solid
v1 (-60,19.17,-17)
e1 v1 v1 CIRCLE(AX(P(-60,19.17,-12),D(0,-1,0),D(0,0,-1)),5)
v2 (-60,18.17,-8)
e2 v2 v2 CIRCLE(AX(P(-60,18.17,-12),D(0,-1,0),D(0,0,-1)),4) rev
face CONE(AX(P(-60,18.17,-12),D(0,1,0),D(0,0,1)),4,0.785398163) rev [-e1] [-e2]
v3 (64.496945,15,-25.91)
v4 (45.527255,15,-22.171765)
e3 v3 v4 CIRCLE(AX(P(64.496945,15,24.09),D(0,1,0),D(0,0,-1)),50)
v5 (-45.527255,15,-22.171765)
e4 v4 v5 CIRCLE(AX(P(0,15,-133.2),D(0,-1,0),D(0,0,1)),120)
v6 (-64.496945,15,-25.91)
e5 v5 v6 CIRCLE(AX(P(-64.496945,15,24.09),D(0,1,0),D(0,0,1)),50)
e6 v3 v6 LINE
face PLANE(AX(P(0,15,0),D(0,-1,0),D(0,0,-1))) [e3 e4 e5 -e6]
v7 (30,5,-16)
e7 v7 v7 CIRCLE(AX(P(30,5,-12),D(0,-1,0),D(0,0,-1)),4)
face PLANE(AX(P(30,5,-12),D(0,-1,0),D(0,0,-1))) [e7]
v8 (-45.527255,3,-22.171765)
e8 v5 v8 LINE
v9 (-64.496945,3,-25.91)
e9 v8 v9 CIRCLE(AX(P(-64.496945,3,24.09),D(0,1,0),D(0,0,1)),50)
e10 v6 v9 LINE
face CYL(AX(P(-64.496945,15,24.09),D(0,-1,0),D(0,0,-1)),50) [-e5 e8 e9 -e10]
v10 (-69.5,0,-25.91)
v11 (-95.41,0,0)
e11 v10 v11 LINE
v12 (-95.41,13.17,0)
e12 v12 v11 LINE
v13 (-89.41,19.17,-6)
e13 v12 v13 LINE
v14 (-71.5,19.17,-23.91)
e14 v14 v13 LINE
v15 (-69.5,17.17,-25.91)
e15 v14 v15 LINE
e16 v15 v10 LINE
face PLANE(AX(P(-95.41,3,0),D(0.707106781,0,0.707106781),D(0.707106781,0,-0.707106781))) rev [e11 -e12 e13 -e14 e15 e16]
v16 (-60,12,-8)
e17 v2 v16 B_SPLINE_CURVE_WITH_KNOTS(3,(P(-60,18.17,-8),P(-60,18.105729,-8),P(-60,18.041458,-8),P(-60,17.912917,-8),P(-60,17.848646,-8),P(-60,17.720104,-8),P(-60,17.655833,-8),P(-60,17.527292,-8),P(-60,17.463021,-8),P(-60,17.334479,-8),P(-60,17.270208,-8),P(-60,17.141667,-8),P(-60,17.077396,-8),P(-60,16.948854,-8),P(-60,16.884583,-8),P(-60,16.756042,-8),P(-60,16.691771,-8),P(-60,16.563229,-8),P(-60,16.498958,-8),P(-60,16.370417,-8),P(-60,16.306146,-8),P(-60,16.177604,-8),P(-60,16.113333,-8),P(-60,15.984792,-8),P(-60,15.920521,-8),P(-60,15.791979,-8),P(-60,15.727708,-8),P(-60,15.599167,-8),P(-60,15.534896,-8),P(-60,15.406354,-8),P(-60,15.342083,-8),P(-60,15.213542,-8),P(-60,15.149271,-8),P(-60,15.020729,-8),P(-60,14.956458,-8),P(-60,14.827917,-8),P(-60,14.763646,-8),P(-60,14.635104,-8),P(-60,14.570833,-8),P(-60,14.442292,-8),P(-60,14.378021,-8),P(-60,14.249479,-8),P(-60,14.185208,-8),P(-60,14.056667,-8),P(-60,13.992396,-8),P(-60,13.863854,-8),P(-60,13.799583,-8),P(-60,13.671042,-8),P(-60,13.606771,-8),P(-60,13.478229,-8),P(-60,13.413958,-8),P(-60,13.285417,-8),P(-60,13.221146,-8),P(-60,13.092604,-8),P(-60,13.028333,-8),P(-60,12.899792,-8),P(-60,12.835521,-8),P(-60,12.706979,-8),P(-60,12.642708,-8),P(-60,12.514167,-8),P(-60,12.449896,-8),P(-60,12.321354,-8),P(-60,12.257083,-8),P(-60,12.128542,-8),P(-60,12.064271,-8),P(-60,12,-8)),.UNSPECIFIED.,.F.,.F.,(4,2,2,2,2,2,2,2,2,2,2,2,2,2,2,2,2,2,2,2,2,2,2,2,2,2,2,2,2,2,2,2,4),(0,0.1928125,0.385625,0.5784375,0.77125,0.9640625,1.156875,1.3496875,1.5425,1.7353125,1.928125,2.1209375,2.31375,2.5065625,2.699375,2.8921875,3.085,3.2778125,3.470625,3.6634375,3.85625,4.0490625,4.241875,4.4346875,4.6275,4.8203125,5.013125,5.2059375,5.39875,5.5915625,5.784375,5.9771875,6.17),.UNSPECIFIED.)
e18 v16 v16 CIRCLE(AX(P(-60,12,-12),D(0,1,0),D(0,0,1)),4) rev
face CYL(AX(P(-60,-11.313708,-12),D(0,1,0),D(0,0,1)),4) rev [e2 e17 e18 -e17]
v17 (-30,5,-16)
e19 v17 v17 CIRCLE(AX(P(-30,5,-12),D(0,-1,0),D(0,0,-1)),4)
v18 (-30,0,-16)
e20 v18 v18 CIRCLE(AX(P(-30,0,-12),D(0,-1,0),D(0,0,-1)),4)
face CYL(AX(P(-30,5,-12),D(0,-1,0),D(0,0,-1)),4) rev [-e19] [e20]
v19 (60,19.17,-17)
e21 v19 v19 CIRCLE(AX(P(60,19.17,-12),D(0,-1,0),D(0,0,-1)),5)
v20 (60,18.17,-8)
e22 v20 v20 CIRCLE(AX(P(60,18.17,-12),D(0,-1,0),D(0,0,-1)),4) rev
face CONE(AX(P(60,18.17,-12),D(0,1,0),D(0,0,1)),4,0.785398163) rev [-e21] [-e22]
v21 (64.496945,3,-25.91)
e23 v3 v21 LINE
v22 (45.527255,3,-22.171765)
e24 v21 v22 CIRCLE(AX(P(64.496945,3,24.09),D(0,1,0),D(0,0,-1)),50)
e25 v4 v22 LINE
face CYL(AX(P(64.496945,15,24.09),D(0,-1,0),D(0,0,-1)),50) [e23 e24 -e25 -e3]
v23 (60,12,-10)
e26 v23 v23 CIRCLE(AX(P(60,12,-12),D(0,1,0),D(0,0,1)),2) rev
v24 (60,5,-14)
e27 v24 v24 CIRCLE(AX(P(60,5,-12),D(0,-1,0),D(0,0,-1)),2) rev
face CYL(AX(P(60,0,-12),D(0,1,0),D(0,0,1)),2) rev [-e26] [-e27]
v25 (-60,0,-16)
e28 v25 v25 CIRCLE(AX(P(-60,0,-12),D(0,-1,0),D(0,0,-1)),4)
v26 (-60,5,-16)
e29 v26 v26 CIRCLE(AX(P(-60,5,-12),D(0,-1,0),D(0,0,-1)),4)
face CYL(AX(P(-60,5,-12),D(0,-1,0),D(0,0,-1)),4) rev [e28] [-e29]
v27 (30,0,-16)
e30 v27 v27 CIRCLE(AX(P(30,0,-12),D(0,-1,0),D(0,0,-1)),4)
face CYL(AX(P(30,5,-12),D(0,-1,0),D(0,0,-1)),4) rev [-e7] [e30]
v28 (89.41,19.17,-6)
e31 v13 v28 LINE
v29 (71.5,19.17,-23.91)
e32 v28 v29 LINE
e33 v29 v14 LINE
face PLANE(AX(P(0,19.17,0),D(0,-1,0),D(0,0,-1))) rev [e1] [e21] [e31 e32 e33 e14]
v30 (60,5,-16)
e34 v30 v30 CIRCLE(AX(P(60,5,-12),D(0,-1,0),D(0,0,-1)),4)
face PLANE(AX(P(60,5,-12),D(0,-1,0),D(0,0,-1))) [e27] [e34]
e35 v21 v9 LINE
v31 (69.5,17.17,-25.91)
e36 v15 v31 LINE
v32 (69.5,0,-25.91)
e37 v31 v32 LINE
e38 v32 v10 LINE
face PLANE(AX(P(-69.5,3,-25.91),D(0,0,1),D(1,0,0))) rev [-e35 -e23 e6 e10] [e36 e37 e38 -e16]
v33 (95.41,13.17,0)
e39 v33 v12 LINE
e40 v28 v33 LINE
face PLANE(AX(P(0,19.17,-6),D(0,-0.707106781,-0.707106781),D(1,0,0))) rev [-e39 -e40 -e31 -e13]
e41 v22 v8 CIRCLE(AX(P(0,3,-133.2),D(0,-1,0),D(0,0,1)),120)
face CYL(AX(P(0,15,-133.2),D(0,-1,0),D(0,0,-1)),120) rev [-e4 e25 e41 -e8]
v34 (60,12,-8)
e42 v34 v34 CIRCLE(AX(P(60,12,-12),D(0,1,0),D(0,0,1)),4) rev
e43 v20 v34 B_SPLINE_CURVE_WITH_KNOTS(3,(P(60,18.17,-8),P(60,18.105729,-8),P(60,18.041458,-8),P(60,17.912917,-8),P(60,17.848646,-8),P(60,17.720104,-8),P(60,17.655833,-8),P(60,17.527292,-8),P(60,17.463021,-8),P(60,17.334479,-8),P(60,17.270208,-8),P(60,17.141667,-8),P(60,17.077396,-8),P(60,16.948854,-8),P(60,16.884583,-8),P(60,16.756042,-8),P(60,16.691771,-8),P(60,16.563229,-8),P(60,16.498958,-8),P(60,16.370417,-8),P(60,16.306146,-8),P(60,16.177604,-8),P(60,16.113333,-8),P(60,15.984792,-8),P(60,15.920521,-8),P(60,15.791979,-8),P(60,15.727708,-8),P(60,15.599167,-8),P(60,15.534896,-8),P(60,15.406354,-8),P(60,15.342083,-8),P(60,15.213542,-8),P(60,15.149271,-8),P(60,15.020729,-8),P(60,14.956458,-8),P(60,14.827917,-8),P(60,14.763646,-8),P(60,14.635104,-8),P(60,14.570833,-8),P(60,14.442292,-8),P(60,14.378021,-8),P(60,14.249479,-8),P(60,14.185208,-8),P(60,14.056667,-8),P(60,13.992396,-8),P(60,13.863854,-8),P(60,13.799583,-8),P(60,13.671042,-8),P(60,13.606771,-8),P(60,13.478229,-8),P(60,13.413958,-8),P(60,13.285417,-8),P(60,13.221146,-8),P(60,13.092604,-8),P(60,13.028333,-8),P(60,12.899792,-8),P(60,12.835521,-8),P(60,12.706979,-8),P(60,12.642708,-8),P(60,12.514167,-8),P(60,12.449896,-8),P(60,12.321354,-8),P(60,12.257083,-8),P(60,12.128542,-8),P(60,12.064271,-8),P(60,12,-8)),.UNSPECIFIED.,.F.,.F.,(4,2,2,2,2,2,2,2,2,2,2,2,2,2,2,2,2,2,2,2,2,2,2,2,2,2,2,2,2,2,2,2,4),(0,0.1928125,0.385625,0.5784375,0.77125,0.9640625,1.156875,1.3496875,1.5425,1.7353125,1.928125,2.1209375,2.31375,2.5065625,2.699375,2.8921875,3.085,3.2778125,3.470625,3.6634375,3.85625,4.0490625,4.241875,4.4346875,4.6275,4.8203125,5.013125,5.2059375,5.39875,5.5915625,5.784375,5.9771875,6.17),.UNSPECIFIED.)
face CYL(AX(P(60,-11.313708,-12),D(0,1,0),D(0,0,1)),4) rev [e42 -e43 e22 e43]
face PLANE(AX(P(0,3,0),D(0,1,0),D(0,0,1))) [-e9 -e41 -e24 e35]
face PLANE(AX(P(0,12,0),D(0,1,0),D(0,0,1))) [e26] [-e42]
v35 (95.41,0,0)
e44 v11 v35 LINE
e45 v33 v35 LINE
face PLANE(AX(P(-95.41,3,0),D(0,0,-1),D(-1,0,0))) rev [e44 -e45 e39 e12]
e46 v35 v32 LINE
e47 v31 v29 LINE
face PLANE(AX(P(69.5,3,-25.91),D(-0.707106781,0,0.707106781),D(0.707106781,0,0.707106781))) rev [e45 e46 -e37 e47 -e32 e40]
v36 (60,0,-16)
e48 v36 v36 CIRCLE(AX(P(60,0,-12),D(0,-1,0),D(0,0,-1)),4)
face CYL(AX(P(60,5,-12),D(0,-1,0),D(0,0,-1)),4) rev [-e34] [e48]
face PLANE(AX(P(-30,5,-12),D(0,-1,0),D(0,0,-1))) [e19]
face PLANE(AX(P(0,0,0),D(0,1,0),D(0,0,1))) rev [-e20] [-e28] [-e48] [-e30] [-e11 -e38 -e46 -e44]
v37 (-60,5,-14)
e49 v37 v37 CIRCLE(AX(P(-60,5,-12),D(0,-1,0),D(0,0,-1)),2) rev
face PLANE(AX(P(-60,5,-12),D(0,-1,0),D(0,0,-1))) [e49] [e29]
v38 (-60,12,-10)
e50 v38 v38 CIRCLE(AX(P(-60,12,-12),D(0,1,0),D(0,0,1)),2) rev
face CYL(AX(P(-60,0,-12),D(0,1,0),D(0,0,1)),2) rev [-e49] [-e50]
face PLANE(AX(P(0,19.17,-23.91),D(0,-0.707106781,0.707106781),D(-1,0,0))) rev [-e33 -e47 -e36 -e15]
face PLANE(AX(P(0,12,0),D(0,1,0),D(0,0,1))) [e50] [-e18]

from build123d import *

# Parameters (mm, degrees)
BOSS_EXTRUDE1_DEPTH     = 3
BOSS_EXTRUDE2_DEPTH     = 12
BOSS_EXTRUDE3_DEPTH     = 4.17
CUT_EXTRUDE1_DEPTH      = 101.179165
CUT_EXTRUDE1_DEPTH_BACK = 101.179165
SKETCH3_R               = 2
CHAMFER1_SIZE           = 6
SKETCH8_R               = 4
CUT_EXTRUDE2_DEPTH      = 7.17
CHAMFER2_SIZE           = 1
CUT_EXTRUDE4_START      = -5
SKETCH9_R               = 4
CUT_EXTRUDE4_DEPTH      = 5
CHAMFER3_SIZE           = 2


with BuildPart() as part:
    # Sketch1 → Boss-Extrude1 (new body)
    with BuildSketch(Plane(origin=(0, 0, 0), x_dir=(1, 0, 0), z_dir=(0, 1, 0))):
        Polygon((-95.41, 0), (95.41, 0), (69.5, 25.91), (-69.5, 25.91), align=None)
    extrude(amount=BOSS_EXTRUDE1_DEPTH)

    # Sketch5 → Boss-Extrude2 (add)
    with BuildSketch(Plane(origin=(0, 3, 0), x_dir=(1, 0, 0), z_dir=(0, 1, 0))):
        with BuildLine():
            Line((-64.496944889, 25.91), (-69.5, 25.91))
            Line((-69.5, 25.91), (-95.41, 0))
            Line((-95.41, 0), (95.41, 0))
            Line((95.41, 0), (69.5, 25.91))
            Line((69.5, 25.91), (64.496944889, 25.91))
            ThreePointArc((64.496944889, 25.91), (54.829686624, 24.966540009), (45.527255216, 22.171764706))
            ThreePointArc((45.527255216, 22.171764706), (0, 13.2), (-45.527255216, 22.171764706))
            ThreePointArc((-45.527255216, 22.171764706), (-54.829686624, 24.966540009), (-64.496944889, 25.91))
        make_face()
    extrude(amount=BOSS_EXTRUDE2_DEPTH)

    # Sketch7 → Boss-Extrude3 (add)
    with BuildSketch(Plane(origin=(0, 15, 0), x_dir=(1, 0, 0), z_dir=(0, 1, 0))):
        Polygon((-95.41, 0), (-69.5, 25.91), (69.5, 25.91), (95.41, 0), align=None)
    extrude(amount=BOSS_EXTRUDE3_DEPTH)

    # Sketch3 → Cut-Extrude1 (cut, two sides: drawn at the far end of the back side and taken through both)
    with BuildSketch(Plane(origin=(0, 3, 0), x_dir=(1, 0, 0), z_dir=(0, 1, 0)).offset(-CUT_EXTRUDE1_DEPTH_BACK)):
        with Locations(Location((-60, 12, 0), (0, 0, 270))):
            Circle(SKETCH3_R)
        with Locations(Location((60, 12, 0), (0, 0, 90))):
            Circle(SKETCH3_R)
    extrude(amount=CUT_EXTRUDE1_DEPTH + CUT_EXTRUDE1_DEPTH_BACK, mode=Mode.SUBTRACT)

    # Chamfer1
    chamfer1_edges = [part.edges().sort_by_distance(p)[0] for p in [
        (0, 19.17, 0),
    ]]
    chamfer(chamfer1_edges, length=CHAMFER1_SIZE)

    # Sketch8 → Cut-Extrude2 (cut)
    with BuildSketch(Plane(origin=(0, 19.17, 0), x_dir=(1, 0, 0), z_dir=(0, 1, 0))):
        with Locations(Location((-60, 12, 0), (0, 0, 270))):
            Circle(SKETCH8_R)
        with Locations(Location((60, 12, 0), (0, 0, 270))):
            Circle(SKETCH8_R)
    extrude(amount=-CUT_EXTRUDE2_DEPTH, mode=Mode.SUBTRACT)

    # Chamfer2
    chamfer2_edges = [part.edges().sort_by_distance(p)[0] for p in [
        (-60, 19.17, -16),
        (60, 19.17, -16),
    ]]
    chamfer(chamfer2_edges, length=CHAMFER2_SIZE)

    # Sketch9 → Cut-Extrude4 (cut)
    with BuildSketch(Plane(origin=(0, 0, 0), x_dir=(-1, 0, 0), z_dir=(0, -1, 0)).offset(CUT_EXTRUDE4_START)):
        with Locations(Location((60, 12, 0), (0, 0, 270))):
            Circle(SKETCH9_R)
        with Locations(Location((30, 12, 0), (0, 0, 90))):
            Circle(SKETCH9_R)
        with Locations(Location((-30, 12, 0), (0, 0, 90))):
            Circle(SKETCH9_R)
        with Locations(Location((-60, 12, 0), (0, 0, 270))):
            Circle(SKETCH9_R)
    extrude(amount=CUT_EXTRUDE4_DEPTH, mode=Mode.SUBTRACT)

    # Chamfer3
    chamfer3_edges = [part.edges().sort_by_distance(p)[0] for p in [
        (0, 19.17, -25.91),
    ]]
    chamfer(chamfer3_edges, length=CHAMFER3_SIZE)


solid = part.part
